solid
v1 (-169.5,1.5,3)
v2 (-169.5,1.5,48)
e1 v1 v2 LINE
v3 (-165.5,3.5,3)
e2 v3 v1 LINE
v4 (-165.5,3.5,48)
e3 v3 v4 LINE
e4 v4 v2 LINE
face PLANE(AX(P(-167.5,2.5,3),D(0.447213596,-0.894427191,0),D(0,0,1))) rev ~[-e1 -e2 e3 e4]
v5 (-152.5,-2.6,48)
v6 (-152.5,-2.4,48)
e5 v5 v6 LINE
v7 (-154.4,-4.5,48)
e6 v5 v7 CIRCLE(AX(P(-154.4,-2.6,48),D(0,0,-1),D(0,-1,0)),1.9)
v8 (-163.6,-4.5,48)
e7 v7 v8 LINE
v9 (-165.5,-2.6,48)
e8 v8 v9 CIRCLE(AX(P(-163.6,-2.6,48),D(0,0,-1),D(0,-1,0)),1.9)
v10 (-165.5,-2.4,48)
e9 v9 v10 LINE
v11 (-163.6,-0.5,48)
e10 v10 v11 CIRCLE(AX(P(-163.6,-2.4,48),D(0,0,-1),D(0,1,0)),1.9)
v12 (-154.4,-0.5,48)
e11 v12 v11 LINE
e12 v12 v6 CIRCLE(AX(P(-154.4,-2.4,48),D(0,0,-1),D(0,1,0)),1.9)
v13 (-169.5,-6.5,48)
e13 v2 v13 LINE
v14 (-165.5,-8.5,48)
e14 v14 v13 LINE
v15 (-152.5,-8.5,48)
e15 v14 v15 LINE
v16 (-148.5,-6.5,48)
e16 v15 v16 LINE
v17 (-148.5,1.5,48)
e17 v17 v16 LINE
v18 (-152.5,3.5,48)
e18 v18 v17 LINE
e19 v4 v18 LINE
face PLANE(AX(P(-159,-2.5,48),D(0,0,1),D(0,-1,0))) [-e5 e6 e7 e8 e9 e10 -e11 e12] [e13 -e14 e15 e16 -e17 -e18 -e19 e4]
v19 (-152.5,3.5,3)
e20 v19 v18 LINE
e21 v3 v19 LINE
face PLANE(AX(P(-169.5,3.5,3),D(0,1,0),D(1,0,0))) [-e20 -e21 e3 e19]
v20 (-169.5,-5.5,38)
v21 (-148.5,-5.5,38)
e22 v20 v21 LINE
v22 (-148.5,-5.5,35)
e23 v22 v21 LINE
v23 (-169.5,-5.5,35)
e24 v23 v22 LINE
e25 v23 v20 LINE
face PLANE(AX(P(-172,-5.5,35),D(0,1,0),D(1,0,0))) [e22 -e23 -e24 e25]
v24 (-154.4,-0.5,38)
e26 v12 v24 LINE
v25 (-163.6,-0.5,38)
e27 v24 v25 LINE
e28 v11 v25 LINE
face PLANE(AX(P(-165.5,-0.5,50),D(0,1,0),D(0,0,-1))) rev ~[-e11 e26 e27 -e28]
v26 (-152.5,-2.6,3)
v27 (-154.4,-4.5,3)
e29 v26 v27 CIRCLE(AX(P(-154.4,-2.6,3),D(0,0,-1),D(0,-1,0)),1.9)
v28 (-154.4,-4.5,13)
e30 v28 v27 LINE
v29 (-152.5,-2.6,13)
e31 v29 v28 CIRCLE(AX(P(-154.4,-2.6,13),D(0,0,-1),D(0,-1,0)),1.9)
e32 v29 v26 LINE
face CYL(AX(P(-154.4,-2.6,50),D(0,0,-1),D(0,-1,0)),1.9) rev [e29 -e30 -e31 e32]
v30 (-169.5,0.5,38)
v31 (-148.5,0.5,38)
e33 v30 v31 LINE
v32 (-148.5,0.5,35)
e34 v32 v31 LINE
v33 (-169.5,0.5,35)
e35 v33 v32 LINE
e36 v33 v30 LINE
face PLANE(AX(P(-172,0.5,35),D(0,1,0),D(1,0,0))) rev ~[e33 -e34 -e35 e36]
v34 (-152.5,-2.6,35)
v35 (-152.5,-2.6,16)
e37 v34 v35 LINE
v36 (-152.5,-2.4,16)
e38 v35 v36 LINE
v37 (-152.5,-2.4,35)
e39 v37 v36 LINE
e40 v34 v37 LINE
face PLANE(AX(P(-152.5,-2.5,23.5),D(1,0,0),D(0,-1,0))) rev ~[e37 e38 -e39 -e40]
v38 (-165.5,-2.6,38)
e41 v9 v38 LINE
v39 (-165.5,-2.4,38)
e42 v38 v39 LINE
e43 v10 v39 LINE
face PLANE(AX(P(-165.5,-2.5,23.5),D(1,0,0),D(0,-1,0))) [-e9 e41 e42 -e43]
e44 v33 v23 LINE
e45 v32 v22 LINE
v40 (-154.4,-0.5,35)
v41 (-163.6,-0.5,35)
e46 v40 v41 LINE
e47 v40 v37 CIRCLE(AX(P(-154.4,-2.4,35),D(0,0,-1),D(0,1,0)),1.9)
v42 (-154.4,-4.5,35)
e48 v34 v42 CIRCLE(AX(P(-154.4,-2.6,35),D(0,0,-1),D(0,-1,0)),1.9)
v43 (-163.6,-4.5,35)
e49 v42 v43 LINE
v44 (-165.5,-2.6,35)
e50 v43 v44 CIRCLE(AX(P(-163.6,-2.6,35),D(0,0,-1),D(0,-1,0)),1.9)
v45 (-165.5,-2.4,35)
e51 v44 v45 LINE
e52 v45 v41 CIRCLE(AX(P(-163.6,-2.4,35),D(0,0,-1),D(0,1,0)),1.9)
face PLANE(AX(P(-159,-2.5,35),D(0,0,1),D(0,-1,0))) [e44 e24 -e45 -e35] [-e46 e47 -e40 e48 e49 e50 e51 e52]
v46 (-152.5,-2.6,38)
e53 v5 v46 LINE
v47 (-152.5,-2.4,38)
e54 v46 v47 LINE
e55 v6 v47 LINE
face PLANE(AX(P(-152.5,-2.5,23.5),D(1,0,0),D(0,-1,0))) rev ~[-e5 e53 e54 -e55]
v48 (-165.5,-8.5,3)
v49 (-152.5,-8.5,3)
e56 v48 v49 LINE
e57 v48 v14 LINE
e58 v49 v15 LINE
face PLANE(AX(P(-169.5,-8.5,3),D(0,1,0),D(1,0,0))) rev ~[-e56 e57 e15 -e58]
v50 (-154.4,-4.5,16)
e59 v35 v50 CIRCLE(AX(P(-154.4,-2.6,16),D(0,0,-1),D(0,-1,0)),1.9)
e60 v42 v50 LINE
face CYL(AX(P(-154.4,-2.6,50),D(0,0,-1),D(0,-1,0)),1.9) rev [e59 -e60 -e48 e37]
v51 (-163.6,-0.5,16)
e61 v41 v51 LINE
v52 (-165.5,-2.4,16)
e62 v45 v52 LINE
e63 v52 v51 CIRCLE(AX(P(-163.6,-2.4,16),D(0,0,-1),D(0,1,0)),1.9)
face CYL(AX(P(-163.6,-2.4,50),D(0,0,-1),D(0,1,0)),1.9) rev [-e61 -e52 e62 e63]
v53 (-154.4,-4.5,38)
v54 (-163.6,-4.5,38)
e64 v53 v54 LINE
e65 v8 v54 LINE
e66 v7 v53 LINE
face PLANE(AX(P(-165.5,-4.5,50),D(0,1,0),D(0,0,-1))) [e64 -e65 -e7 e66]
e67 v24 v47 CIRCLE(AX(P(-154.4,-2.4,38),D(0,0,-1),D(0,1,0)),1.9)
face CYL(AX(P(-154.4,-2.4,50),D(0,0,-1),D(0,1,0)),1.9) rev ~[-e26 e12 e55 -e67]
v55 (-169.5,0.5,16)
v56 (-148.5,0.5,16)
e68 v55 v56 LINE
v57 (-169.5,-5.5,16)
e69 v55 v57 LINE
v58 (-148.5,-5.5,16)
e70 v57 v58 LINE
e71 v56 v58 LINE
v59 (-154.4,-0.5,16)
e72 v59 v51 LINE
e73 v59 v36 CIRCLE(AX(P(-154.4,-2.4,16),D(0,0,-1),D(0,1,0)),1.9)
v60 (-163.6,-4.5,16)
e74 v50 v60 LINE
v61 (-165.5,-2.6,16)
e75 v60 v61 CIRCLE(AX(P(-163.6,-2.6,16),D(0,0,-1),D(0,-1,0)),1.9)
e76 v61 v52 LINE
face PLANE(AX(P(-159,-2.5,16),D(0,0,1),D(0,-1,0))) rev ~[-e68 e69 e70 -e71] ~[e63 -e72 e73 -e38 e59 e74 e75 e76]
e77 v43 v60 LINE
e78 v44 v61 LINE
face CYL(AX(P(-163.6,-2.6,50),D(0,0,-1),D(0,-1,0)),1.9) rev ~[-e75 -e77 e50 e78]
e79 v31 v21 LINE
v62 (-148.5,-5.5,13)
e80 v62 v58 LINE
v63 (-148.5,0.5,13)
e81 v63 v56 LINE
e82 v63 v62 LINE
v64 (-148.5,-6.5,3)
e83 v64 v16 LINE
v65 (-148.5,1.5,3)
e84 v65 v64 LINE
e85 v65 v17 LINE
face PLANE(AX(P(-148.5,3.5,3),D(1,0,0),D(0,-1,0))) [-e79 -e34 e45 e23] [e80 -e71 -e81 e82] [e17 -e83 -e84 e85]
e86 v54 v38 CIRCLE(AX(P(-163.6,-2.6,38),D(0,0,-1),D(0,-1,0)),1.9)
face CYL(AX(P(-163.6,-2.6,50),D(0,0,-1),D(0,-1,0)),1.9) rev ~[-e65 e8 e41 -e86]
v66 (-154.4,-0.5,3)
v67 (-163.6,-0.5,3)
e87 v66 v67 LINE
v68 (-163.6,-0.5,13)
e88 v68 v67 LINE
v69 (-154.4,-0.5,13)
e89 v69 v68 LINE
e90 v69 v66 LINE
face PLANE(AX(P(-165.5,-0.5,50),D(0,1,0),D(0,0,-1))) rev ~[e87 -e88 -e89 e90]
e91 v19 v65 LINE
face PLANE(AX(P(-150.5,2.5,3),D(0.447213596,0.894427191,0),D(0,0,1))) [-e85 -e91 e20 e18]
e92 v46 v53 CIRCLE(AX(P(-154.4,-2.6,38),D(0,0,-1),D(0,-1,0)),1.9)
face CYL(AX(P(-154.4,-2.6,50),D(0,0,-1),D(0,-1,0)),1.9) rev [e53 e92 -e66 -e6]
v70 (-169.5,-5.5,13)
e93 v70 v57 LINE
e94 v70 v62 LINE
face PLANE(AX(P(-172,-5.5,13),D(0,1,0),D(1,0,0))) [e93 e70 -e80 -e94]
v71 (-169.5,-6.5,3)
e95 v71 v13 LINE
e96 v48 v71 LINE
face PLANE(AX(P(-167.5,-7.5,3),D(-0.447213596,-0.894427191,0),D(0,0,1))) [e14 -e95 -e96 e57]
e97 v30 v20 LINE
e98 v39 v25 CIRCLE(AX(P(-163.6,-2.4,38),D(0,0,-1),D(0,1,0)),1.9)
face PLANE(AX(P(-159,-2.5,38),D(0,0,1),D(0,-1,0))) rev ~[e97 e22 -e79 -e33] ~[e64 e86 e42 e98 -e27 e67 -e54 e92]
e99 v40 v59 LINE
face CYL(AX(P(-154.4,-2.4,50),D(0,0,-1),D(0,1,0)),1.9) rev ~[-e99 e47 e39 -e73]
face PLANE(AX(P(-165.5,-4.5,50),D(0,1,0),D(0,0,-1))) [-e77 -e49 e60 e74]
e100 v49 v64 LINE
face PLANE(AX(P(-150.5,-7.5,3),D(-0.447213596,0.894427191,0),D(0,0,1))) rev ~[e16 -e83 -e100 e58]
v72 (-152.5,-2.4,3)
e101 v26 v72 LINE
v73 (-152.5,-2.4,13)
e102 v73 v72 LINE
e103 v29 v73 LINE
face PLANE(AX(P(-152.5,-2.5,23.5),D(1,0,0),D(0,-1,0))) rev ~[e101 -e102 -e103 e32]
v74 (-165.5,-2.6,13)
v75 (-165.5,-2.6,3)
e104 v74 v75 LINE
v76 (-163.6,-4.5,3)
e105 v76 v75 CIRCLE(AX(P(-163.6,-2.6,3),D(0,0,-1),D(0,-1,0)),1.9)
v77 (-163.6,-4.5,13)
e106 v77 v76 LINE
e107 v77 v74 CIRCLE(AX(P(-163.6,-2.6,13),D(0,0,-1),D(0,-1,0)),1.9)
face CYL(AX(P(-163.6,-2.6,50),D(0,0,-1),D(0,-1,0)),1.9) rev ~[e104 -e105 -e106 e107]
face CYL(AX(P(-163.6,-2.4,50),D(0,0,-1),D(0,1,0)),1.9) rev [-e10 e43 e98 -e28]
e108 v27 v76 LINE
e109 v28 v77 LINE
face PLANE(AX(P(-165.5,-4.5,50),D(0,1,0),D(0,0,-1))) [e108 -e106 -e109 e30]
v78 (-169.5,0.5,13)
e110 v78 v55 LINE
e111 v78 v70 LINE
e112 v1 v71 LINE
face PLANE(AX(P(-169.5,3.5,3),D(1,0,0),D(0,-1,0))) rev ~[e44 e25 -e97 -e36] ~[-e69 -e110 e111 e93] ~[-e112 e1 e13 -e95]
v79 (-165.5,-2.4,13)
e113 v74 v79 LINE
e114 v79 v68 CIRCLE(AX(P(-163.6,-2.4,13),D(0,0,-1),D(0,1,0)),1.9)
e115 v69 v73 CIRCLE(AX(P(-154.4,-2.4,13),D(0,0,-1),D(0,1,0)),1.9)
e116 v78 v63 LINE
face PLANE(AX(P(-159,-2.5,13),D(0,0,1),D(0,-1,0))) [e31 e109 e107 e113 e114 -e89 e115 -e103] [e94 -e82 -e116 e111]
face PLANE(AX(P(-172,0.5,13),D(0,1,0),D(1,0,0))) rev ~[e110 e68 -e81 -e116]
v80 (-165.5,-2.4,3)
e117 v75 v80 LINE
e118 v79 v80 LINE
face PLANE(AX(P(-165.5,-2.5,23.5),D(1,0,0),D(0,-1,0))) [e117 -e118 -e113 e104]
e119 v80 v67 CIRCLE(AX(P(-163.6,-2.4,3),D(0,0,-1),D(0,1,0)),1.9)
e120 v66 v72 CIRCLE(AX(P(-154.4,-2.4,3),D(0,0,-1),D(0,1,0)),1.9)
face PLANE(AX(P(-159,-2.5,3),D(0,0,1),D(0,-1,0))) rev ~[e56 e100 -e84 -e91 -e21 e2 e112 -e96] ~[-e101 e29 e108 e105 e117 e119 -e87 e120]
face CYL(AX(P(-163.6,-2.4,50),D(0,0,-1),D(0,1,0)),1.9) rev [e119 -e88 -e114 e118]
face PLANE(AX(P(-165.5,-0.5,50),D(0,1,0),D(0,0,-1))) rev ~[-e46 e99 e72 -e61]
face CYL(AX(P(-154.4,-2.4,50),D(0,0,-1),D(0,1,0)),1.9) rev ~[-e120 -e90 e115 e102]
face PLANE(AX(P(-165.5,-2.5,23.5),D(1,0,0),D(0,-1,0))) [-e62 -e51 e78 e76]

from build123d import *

# Parameters (mm, degrees)
BOX166_W               = 6
BOX166_H               = 26
BOX166_DEPTH           = 3
BOX165_W               = 4
BOX165_H               = 53
BOX165_DEPTH           = 13
FILLET020_R            = 1.9
BOX164_W               = 6
BOX164_H               = 26
BOX164_DEPTH           = 3
BOX163_W               = 12
BOX163_H               = 21
BOX163_DEPTH           = 45
CHAMFER064_1_SIZE2     = 2
CHAMFER064_1_SIZE      = 4
CHAMFER064_2_SIZE2     = 2
CHAMFER064_2_SIZE      = 4
CUT060_PLACEMENT_ANGLE = 90


with BuildPart() as cube166:
    # Box166 → Box166 (new body)
    with BuildSketch(Plane(origin=(2, -2.5, 35), x_dir=(1, 0, 0), z_dir=(0, 0, 1))):
        with Locations((3, 13)):
            Rectangle(BOX166_W, BOX166_H)
    extrude(amount=BOX166_DEPTH)


with BuildPart() as fillet020:
    # Box165 → Box165 (new body)
    with BuildSketch(Plane(origin=(3, 4, 50), x_dir=(1, 0, 0), z_dir=(0, 1, 0))):
        with Locations((2, 26.5)):
            Rectangle(BOX165_W, BOX165_H)
    extrude(amount=BOX165_DEPTH)

    # Fillet020
    fillet020_edges = [fillet020.edges().sort_by_distance(p)[0] for p in [
        (3, 17, 23.5),
        (3, 4, 23.5),
        (7, 17, 23.5),
        (7, 4, 23.5),
    ]]
    fillet(fillet020_edges, radius=FILLET020_R)


with BuildPart() as fusion086:
    # Box164 → Box164 (new body)
    with BuildSketch(Plane(origin=(2, -2.5, 13), x_dir=(1, 0, 0), z_dir=(0, 0, 1))):
        with Locations((3, 13)):
            Rectangle(BOX164_W, BOX164_H)
    extrude(amount=BOX164_DEPTH)

    # Fusion086: union Cube166, Fillet020
    add(cube166.part)
    add(fillet020.part)


with BuildPart() as sloupek:
    # Box163 → Box163 (new body)
    with BuildSketch(Plane(origin=(-1, 0, 3), x_dir=(1, 0, 0), z_dir=(0, 0, 1))):
        with Locations((6, 10.5)):
            Rectangle(BOX163_W, BOX163_H)
    extrude(amount=BOX163_DEPTH)

    # Chamfer064 1
    chamfer064_1_edges = [sloupek.edges().sort_by_distance(p)[0] for p in [
        (11, 0, 25.5),
        (11, 21, 25.5),
    ]]
    chamfer064_1_side = sloupek.faces().sort_by_distance((11, 10.5, 25.5))[0]
    chamfer(chamfer064_1_edges, length=CHAMFER064_1_SIZE, length2=CHAMFER064_1_SIZE2, reference=chamfer064_1_side)

    # Chamfer064 2
    chamfer064_2_edges = [sloupek.edges().sort_by_distance(p)[0] for p in [
        (-1, 0, 25.5),
        (-1, 21, 25.5),
    ]]
    chamfer064_2_side = sloupek.faces().sort_by_distance((-1, 10.5, 25.5))[0]
    chamfer(chamfer064_2_edges, length=CHAMFER064_2_SIZE, length2=CHAMFER064_2_SIZE2, reference=chamfer064_2_side)

    # Cut060: cut Fusion086
    add(fusion086.part, mode=Mode.SUBTRACT)


with BuildPart() as sloupek_1:
    # Cut060 placement: moved
    add(sloupek.part.moved(Location((-169.5, 2.5, 0))).rotate(Axis((-169.5, 2.5, 0), (0, 0, -1)), CUT060_PLACEMENT_ANGLE))


solid = sloupek_1.part
